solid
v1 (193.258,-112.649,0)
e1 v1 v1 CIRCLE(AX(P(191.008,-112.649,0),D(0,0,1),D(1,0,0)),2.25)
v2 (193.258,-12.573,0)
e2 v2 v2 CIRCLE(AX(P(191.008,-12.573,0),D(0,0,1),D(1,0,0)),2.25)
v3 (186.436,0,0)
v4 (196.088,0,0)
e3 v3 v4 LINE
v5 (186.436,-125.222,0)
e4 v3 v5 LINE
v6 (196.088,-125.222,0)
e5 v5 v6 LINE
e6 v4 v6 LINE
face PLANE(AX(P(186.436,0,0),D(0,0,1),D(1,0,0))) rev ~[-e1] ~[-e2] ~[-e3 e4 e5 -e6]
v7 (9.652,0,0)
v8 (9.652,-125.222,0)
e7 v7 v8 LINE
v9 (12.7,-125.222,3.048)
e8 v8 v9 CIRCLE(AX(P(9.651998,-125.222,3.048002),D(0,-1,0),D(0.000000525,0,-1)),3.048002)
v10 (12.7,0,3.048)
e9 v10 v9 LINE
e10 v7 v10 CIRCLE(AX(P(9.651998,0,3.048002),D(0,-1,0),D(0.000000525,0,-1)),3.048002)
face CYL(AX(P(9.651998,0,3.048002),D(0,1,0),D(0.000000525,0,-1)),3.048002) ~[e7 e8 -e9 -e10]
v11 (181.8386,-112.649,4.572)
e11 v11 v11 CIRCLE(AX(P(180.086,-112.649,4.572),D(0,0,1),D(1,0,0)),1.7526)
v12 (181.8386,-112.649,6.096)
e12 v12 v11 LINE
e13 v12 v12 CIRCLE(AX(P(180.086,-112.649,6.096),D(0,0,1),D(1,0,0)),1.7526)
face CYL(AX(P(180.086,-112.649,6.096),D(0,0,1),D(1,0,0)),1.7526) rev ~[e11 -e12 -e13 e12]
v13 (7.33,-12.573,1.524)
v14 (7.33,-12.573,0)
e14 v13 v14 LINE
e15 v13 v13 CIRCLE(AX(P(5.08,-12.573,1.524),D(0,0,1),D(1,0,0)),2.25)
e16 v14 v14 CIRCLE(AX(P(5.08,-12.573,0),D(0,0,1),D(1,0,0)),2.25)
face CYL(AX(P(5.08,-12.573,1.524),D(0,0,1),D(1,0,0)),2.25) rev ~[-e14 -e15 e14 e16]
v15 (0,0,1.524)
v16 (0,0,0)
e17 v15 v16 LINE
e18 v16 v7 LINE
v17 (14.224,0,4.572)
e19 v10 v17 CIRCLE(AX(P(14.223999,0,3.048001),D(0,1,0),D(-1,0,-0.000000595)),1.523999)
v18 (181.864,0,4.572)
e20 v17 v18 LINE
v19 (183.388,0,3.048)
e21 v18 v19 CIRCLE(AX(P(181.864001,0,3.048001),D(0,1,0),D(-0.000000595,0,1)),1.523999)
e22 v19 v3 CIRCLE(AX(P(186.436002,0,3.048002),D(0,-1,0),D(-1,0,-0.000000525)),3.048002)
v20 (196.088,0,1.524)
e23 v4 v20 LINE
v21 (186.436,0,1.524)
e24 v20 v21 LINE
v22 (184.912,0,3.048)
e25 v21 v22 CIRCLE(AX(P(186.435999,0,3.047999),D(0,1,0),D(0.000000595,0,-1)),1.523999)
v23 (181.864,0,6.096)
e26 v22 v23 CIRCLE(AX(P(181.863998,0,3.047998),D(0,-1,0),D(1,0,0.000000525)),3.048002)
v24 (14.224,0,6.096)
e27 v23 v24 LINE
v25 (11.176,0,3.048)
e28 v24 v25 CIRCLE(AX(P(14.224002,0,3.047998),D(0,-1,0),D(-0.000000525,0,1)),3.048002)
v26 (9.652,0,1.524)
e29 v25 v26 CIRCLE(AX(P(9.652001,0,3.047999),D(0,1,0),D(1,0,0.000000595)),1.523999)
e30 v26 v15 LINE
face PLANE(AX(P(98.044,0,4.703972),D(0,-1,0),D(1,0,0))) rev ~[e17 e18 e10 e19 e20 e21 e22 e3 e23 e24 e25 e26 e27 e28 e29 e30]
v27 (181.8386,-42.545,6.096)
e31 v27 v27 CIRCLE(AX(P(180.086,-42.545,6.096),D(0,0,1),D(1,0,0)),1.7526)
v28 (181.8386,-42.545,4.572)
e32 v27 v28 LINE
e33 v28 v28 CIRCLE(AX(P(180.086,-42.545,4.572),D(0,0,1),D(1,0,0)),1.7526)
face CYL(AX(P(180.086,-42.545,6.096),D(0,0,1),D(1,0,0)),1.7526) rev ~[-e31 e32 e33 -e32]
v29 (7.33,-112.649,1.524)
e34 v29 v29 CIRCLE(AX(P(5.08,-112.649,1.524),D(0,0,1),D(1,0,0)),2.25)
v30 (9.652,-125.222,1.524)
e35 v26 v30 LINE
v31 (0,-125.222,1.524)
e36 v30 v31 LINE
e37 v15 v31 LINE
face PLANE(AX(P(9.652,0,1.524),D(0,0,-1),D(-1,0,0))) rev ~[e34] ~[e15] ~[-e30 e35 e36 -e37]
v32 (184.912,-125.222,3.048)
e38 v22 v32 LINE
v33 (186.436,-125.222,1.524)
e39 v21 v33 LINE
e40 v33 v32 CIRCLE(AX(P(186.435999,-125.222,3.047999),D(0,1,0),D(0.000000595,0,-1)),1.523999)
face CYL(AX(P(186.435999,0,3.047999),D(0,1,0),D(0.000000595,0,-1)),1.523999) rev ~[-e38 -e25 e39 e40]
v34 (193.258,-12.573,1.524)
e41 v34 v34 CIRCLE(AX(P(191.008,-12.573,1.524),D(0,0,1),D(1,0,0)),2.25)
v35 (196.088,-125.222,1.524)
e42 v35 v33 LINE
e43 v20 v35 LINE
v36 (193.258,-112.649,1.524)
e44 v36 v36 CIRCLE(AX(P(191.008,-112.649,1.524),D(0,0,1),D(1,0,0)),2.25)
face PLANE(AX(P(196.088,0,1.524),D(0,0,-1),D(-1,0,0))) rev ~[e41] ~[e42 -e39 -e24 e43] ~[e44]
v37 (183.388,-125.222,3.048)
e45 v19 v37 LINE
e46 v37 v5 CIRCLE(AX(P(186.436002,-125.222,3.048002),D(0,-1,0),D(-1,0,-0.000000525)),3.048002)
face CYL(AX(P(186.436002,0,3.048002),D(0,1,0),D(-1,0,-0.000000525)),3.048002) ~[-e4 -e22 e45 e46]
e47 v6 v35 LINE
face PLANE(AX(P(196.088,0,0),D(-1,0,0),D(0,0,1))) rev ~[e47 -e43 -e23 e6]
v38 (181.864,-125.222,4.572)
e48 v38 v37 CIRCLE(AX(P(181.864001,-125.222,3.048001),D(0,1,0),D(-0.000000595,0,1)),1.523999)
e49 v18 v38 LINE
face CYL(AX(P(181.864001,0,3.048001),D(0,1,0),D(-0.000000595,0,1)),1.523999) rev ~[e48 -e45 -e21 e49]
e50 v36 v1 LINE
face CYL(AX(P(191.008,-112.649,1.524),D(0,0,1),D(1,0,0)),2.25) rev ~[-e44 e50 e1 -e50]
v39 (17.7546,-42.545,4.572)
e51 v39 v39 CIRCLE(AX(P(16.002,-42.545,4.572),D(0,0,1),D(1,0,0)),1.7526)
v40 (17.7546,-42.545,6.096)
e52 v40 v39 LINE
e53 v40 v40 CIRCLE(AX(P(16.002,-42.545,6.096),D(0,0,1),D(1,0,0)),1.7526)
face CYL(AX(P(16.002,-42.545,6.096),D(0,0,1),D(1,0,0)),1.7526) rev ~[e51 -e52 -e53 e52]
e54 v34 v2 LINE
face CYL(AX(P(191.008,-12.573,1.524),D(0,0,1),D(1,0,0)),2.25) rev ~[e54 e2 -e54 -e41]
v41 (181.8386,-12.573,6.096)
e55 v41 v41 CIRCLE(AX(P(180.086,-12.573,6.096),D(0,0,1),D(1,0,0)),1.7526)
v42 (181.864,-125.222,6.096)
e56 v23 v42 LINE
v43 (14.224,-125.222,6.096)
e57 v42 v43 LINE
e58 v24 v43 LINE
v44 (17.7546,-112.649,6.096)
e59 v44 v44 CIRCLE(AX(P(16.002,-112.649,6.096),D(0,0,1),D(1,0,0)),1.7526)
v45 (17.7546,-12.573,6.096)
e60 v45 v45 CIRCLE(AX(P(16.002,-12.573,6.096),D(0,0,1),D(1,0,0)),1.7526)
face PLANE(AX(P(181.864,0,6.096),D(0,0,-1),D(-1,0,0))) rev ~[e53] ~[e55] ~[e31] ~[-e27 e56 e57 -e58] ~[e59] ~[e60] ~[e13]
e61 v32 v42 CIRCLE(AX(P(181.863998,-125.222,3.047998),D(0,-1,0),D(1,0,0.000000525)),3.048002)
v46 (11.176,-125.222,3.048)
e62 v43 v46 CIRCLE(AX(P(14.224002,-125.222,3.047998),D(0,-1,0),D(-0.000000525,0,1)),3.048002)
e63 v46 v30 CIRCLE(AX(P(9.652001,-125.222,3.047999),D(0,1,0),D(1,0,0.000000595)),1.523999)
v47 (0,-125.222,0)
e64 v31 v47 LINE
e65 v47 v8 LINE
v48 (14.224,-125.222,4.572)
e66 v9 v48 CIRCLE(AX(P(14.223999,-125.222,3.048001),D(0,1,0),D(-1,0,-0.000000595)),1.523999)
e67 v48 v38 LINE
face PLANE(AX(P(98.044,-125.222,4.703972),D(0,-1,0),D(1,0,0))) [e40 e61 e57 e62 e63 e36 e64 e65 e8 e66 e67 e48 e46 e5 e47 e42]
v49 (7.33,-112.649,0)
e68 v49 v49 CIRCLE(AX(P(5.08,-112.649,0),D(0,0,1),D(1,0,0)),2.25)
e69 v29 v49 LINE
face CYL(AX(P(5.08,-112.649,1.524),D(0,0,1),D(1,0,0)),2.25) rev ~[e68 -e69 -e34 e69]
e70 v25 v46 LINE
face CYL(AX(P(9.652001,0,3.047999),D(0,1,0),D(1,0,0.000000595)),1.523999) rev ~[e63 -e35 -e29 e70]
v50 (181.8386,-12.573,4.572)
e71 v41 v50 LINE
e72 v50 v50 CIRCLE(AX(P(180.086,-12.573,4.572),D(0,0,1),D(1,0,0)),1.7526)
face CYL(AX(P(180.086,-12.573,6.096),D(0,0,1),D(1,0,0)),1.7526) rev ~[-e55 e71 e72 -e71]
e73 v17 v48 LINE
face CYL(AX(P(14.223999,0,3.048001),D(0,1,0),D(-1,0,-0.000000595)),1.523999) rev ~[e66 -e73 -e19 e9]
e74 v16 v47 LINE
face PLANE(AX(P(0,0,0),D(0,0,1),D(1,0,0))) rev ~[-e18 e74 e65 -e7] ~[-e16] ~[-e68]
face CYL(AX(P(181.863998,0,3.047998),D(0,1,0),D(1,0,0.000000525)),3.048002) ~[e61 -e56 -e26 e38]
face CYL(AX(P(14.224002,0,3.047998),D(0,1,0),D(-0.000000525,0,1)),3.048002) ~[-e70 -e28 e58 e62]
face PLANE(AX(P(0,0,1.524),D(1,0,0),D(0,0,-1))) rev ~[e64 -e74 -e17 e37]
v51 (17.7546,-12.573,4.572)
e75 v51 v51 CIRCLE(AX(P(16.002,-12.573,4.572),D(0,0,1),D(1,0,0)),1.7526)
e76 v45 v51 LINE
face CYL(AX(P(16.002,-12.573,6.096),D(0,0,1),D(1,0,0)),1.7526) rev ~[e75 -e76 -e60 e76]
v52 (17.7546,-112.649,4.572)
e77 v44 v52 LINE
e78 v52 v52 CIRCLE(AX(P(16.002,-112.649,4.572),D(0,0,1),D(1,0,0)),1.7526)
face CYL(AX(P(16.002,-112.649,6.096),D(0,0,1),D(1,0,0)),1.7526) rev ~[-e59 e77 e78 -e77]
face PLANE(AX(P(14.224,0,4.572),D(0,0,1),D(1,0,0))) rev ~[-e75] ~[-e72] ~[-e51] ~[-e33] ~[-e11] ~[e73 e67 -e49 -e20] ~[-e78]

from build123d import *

# Parameters (mm, degrees)
F1_DEPTH = 125.222
F2_R     = 2.25
F3_DEPTH = 1.525
F4_R     = 1.7526
F5_DEPTH = 25.4


with BuildPart() as f1:
    # F0 (on Front) → F1 (new body)
    with BuildSketch(Plane.XZ):
        with BuildLine():
            Line((0, 1.524), (0, 0))
            Line((0, 0), (9.652, 0))
            ThreePointArc((9.652, 0), (11.807261, 0.892739), (12.7, 3.048))
            ThreePointArc((12.7, 3.048), (13.146369, 4.125631), (14.224, 4.572))
            Line((14.224, 4.572), (181.864, 4.572))
            ThreePointArc((181.864, 4.572), (182.941631, 4.125631), (183.388, 3.048))
            ThreePointArc((183.388, 3.048), (184.280739, 0.892739), (186.436, 0))
            Line((186.436, 0), (196.088, 0))
            Line((196.088, 0), (196.088, 1.524))
            Line((196.088, 1.524), (186.436, 1.524))
            ThreePointArc((186.436, 1.524), (185.358369, 1.970369), (184.912, 3.048))
            ThreePointArc((184.912, 3.048), (184.019261, 5.203261), (181.864, 6.096))
            Line((181.864, 6.096), (14.224, 6.096))
            ThreePointArc((14.224, 6.096), (12.068739, 5.203261), (11.176, 3.048))
            ThreePointArc((11.176, 3.048), (10.729631, 1.970369), (9.652, 1.524))
            Line((9.652, 1.524), (0, 1.524))
        make_face()
    extrude(amount=F1_DEPTH)

    # F2 (on face) → F3 (cut, through all)
    with BuildSketch(Plane.XY.offset(1.524)):
        with Locations((5.08, -112.649)):
            Circle(F2_R)
        with Locations((191.008, -112.649)):
            Circle(F2_R)
        with Locations((191.008, -12.573)):
            Circle(F2_R)
        with Locations((5.08, -12.573)):
            Circle(F2_R)
    extrude(amount=-F3_DEPTH, mode=Mode.SUBTRACT)

    # F4 (on face) → F5 (cut)
    with BuildSketch(Plane.XY.offset(6.096)):
        with Locations((16.002, -12.573)):
            Circle(F4_R)
        with Locations((16.002, -42.545)):
            Circle(F4_R)
        with Locations((16.002, -112.649)):
            Circle(F4_R)
        with Locations((180.086, -112.649)):
            Circle(F4_R)
        with Locations((180.086, -42.545)):
            Circle(F4_R)
        with Locations((180.086, -12.573)):
            Circle(F4_R)
    extrude(amount=-F5_DEPTH, mode=Mode.SUBTRACT)


solid = f1.part
